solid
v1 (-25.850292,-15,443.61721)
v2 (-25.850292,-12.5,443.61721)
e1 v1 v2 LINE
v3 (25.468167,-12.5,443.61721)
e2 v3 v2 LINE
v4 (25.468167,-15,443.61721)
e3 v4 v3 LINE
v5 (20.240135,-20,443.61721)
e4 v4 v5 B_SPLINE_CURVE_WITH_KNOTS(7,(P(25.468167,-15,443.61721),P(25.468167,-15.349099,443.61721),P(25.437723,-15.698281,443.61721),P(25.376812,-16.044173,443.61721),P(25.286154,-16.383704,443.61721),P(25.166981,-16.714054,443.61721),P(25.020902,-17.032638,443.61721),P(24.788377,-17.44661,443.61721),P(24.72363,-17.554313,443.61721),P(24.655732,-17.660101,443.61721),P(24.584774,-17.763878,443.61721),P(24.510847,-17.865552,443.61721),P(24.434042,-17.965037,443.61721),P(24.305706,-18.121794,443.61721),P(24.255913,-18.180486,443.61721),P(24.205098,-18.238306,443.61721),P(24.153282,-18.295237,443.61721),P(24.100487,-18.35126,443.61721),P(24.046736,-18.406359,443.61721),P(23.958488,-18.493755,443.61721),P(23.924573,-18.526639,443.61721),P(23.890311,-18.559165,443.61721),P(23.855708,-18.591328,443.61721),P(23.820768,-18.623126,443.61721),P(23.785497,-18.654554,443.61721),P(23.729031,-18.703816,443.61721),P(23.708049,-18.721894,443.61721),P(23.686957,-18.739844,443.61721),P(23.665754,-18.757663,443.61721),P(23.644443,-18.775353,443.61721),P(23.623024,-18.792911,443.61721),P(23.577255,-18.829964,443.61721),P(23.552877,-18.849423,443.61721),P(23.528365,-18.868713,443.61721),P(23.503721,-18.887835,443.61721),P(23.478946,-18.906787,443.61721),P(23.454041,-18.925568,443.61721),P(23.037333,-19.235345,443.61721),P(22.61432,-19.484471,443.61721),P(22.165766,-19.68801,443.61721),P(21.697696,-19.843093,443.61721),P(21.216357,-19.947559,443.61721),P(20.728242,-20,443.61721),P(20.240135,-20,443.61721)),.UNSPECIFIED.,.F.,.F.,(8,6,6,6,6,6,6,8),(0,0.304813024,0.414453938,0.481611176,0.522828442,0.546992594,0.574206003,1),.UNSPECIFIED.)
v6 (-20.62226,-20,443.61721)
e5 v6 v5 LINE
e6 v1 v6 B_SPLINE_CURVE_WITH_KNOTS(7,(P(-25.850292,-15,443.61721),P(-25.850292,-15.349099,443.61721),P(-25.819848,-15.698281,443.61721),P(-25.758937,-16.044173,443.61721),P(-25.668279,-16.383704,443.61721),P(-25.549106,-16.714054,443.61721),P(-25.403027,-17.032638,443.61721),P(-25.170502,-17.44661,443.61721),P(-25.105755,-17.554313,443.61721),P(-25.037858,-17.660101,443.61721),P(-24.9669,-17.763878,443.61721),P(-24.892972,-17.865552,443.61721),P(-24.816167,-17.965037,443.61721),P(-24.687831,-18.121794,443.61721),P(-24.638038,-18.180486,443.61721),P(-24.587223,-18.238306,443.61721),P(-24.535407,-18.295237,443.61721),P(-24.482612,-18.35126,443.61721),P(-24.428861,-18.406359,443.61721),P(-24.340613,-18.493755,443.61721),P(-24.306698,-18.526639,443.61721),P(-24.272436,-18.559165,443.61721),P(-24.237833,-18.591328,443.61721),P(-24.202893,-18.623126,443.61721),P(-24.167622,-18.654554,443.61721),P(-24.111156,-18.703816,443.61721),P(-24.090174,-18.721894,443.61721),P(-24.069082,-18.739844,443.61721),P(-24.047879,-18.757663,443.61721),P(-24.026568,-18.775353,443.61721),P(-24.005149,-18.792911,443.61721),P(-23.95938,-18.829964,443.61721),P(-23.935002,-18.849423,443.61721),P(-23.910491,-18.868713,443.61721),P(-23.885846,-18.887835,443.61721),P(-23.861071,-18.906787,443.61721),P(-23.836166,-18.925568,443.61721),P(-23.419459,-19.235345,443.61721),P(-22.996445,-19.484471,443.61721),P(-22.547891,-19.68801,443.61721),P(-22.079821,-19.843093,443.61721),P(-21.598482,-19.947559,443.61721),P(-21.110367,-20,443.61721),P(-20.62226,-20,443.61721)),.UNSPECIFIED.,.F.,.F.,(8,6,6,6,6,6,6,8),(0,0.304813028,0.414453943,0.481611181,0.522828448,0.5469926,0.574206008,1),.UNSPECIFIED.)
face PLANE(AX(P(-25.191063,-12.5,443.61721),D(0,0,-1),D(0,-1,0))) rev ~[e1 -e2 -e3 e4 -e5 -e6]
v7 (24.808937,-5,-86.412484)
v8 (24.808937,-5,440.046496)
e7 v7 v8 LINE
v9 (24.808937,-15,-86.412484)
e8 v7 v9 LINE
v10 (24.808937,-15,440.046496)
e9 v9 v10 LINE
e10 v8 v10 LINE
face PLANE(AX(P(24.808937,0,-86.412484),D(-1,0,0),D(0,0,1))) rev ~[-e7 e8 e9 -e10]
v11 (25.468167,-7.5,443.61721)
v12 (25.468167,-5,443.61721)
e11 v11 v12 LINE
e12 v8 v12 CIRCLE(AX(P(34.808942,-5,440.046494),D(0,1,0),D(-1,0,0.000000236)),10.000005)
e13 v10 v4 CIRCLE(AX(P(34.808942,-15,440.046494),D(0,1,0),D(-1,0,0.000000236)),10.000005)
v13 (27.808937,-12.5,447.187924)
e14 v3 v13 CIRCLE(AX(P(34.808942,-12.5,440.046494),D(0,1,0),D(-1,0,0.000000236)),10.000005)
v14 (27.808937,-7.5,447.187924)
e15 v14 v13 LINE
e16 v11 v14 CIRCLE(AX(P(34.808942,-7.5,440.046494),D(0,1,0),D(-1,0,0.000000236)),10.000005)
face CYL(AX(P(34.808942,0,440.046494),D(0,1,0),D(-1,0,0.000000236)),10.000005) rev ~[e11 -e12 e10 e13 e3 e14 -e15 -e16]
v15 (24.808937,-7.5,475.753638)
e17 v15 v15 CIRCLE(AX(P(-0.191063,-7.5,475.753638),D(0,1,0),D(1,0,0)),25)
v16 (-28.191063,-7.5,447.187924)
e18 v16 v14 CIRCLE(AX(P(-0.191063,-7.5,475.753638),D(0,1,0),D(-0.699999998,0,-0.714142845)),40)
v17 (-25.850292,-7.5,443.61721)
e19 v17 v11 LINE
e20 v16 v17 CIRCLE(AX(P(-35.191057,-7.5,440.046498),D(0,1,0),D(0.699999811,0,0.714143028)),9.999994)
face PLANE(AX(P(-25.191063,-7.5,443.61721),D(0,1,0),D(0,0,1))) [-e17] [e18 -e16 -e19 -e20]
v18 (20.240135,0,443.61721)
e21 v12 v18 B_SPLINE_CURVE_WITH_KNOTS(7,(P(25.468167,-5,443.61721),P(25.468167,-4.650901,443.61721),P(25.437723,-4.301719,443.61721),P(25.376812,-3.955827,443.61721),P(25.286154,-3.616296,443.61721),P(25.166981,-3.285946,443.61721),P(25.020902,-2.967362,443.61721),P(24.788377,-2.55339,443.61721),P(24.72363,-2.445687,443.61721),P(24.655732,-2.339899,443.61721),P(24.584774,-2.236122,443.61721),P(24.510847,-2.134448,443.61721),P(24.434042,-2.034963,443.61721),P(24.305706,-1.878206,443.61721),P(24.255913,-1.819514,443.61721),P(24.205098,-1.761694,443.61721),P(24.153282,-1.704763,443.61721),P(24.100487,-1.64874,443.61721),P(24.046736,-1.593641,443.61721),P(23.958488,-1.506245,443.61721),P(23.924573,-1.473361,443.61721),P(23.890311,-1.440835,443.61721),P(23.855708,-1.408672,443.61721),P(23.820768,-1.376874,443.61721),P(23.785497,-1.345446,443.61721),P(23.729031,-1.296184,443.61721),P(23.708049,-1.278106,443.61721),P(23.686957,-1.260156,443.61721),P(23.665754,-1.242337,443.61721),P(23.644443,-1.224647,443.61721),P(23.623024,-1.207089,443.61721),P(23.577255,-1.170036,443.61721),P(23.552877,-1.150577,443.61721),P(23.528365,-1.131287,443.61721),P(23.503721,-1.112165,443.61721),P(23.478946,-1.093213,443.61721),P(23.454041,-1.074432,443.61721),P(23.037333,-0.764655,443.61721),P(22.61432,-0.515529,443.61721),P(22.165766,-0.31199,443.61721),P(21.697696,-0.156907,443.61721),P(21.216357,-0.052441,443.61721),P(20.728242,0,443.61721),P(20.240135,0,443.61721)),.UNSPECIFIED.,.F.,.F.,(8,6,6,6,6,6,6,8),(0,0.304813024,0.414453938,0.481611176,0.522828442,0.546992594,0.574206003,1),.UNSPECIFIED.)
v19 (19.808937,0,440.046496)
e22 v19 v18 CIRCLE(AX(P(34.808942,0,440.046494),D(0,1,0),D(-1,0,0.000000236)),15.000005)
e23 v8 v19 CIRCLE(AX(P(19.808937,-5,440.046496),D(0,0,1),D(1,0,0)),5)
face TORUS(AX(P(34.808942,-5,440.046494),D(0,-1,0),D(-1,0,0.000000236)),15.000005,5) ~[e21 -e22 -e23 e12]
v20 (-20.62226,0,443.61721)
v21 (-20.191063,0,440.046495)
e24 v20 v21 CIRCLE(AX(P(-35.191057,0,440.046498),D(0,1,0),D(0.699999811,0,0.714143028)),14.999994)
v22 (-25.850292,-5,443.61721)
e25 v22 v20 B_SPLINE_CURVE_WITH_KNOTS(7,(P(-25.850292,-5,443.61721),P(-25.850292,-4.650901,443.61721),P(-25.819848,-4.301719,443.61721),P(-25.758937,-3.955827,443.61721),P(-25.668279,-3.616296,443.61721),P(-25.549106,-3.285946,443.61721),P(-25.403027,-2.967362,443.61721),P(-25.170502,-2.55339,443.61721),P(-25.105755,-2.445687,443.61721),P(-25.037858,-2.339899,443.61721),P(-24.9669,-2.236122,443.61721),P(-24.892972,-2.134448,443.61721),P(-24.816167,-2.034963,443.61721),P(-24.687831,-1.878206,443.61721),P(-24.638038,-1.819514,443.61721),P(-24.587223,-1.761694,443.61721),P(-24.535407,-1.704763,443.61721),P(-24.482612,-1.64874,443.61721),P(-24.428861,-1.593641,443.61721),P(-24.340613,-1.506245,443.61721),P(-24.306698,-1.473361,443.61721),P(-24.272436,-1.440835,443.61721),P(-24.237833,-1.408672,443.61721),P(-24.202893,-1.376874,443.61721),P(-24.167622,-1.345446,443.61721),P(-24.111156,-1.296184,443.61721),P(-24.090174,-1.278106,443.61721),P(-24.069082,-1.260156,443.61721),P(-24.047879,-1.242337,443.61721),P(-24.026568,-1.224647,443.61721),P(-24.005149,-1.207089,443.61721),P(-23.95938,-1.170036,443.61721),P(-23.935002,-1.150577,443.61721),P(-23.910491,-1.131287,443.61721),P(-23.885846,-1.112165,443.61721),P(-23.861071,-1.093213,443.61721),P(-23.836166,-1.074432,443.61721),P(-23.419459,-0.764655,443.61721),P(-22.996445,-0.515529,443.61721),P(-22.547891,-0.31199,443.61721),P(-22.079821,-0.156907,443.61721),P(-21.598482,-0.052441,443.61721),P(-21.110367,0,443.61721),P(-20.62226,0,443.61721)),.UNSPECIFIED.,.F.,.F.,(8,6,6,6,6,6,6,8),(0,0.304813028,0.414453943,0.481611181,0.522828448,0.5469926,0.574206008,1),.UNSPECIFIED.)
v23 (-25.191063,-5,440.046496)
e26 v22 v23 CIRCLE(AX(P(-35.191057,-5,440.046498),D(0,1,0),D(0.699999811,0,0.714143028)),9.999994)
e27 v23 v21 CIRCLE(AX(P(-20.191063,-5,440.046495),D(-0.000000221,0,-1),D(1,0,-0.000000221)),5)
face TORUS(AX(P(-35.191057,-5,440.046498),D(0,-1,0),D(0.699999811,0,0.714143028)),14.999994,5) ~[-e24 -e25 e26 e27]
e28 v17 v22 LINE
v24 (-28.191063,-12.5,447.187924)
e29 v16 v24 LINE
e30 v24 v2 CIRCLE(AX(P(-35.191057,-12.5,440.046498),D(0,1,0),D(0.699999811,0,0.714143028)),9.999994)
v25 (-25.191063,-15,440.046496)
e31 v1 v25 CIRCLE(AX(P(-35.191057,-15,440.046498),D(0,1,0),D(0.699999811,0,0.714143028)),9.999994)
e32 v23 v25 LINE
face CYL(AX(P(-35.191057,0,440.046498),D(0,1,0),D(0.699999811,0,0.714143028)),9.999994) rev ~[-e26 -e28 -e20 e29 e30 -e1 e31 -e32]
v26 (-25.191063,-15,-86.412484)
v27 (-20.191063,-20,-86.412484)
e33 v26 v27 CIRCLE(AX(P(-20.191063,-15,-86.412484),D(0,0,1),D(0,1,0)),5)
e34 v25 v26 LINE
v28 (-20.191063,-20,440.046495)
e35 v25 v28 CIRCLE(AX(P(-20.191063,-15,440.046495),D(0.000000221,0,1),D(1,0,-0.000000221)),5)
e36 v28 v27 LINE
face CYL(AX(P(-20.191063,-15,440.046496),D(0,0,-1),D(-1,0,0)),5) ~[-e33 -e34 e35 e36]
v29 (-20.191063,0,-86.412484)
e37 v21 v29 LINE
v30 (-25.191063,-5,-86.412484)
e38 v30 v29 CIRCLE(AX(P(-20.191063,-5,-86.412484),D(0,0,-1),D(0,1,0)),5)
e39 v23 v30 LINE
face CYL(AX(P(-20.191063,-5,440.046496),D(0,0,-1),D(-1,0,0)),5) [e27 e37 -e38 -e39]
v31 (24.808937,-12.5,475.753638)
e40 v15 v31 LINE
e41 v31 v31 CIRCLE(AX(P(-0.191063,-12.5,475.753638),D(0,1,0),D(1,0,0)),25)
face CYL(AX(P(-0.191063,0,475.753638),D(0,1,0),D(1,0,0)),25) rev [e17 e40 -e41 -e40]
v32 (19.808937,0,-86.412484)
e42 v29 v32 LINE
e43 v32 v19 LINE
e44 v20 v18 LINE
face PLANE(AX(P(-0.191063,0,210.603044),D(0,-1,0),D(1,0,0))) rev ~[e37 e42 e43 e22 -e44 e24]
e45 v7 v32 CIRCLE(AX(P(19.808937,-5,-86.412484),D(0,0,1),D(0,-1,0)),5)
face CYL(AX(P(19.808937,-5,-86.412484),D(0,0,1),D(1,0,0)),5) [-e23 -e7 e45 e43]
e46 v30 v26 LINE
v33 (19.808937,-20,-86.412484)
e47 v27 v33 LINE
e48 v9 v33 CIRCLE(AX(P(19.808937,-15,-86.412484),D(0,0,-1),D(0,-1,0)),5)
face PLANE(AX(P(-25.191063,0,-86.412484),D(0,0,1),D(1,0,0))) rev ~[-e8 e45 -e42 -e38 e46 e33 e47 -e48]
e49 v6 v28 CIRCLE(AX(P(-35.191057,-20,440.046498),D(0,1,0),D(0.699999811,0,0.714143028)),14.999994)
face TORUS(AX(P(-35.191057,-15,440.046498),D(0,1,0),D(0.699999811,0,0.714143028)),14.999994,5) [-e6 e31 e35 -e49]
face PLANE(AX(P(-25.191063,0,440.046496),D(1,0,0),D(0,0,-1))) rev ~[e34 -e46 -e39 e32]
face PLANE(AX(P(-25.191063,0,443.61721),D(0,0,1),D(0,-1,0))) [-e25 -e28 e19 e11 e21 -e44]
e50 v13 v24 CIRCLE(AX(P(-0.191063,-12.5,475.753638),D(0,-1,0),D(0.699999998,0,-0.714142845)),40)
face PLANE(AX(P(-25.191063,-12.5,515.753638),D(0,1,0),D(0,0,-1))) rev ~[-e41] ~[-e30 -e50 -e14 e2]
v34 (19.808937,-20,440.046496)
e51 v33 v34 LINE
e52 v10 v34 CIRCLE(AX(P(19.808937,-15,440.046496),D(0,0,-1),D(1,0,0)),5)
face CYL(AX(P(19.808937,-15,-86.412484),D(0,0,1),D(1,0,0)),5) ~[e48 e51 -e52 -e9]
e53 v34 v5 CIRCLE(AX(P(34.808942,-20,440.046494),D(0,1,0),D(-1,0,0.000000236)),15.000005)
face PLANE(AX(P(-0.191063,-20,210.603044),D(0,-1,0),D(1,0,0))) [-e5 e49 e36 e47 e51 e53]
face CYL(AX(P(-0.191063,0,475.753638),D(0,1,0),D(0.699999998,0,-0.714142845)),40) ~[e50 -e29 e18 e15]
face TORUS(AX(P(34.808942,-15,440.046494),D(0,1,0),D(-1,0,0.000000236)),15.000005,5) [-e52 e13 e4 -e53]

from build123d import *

# Parameters (mm, degrees)
F0_R     = 25
F1_DEPTH = 20
F3_R     = 5
F4_DEPTH = 70


with BuildPart() as f1:
    # F0 (on Front) → F1 (new body)
    with BuildSketch(Plane.XZ):
        with BuildLine():
            Line((-25.191063, 440.046496), (-25.191063, -86.412484))
            Line((-25.191063, -86.412484), (24.808937, -86.412484))
            Line((24.808937, -86.412484), (24.808937, 440.046496))
            ThreePointArc((24.808937, 440.046496), (25.589393, 443.919479), (27.808937, 447.187924))
            ThreePointArc((27.808937, 447.187924), (-0.191063, 515.753638), (-28.191063, 447.187924))
            ThreePointArc((-28.191063, 447.187924), (-25.971518, 443.919479), (-25.191063, 440.046496))
        make_face()
        with Locations((-0.191063, 475.753638)):
            Circle(F0_R, mode=Mode.SUBTRACT)
    extrude(amount=F1_DEPTH)

    # F3
    f3_edges = [f1.edges().sort_by_distance(p)[0] for p in [
        (-25.191063, -20, 176.817006),
        (-25.191063, 0, 176.817006),
    ]]
    fillet(f3_edges, radius=F3_R)

    # F2 (on face) → F4 (cut, symmetric)
    with BuildSketch(Plane(origin=(-25.191063, 0, 0), x_dir=(0, -1, 0), z_dir=(-1, 0, 0))):
        Polygon((7.5, 443.61721), (7.5, 515.753638), (0, 515.753638), (0, 500.753638), (0, 450.753638), (0, 447.187924), (0, 443.61721), align=None)
        Polygon((20, 450.753638), (20, 500.753638), (20, 515.753638), (12.5, 515.753638), (12.5, 443.61721), (20, 443.61721), (20, 447.187924), align=None)
    extrude(amount=F4_DEPTH, both=True, mode=Mode.SUBTRACT)


solid = f1.part
